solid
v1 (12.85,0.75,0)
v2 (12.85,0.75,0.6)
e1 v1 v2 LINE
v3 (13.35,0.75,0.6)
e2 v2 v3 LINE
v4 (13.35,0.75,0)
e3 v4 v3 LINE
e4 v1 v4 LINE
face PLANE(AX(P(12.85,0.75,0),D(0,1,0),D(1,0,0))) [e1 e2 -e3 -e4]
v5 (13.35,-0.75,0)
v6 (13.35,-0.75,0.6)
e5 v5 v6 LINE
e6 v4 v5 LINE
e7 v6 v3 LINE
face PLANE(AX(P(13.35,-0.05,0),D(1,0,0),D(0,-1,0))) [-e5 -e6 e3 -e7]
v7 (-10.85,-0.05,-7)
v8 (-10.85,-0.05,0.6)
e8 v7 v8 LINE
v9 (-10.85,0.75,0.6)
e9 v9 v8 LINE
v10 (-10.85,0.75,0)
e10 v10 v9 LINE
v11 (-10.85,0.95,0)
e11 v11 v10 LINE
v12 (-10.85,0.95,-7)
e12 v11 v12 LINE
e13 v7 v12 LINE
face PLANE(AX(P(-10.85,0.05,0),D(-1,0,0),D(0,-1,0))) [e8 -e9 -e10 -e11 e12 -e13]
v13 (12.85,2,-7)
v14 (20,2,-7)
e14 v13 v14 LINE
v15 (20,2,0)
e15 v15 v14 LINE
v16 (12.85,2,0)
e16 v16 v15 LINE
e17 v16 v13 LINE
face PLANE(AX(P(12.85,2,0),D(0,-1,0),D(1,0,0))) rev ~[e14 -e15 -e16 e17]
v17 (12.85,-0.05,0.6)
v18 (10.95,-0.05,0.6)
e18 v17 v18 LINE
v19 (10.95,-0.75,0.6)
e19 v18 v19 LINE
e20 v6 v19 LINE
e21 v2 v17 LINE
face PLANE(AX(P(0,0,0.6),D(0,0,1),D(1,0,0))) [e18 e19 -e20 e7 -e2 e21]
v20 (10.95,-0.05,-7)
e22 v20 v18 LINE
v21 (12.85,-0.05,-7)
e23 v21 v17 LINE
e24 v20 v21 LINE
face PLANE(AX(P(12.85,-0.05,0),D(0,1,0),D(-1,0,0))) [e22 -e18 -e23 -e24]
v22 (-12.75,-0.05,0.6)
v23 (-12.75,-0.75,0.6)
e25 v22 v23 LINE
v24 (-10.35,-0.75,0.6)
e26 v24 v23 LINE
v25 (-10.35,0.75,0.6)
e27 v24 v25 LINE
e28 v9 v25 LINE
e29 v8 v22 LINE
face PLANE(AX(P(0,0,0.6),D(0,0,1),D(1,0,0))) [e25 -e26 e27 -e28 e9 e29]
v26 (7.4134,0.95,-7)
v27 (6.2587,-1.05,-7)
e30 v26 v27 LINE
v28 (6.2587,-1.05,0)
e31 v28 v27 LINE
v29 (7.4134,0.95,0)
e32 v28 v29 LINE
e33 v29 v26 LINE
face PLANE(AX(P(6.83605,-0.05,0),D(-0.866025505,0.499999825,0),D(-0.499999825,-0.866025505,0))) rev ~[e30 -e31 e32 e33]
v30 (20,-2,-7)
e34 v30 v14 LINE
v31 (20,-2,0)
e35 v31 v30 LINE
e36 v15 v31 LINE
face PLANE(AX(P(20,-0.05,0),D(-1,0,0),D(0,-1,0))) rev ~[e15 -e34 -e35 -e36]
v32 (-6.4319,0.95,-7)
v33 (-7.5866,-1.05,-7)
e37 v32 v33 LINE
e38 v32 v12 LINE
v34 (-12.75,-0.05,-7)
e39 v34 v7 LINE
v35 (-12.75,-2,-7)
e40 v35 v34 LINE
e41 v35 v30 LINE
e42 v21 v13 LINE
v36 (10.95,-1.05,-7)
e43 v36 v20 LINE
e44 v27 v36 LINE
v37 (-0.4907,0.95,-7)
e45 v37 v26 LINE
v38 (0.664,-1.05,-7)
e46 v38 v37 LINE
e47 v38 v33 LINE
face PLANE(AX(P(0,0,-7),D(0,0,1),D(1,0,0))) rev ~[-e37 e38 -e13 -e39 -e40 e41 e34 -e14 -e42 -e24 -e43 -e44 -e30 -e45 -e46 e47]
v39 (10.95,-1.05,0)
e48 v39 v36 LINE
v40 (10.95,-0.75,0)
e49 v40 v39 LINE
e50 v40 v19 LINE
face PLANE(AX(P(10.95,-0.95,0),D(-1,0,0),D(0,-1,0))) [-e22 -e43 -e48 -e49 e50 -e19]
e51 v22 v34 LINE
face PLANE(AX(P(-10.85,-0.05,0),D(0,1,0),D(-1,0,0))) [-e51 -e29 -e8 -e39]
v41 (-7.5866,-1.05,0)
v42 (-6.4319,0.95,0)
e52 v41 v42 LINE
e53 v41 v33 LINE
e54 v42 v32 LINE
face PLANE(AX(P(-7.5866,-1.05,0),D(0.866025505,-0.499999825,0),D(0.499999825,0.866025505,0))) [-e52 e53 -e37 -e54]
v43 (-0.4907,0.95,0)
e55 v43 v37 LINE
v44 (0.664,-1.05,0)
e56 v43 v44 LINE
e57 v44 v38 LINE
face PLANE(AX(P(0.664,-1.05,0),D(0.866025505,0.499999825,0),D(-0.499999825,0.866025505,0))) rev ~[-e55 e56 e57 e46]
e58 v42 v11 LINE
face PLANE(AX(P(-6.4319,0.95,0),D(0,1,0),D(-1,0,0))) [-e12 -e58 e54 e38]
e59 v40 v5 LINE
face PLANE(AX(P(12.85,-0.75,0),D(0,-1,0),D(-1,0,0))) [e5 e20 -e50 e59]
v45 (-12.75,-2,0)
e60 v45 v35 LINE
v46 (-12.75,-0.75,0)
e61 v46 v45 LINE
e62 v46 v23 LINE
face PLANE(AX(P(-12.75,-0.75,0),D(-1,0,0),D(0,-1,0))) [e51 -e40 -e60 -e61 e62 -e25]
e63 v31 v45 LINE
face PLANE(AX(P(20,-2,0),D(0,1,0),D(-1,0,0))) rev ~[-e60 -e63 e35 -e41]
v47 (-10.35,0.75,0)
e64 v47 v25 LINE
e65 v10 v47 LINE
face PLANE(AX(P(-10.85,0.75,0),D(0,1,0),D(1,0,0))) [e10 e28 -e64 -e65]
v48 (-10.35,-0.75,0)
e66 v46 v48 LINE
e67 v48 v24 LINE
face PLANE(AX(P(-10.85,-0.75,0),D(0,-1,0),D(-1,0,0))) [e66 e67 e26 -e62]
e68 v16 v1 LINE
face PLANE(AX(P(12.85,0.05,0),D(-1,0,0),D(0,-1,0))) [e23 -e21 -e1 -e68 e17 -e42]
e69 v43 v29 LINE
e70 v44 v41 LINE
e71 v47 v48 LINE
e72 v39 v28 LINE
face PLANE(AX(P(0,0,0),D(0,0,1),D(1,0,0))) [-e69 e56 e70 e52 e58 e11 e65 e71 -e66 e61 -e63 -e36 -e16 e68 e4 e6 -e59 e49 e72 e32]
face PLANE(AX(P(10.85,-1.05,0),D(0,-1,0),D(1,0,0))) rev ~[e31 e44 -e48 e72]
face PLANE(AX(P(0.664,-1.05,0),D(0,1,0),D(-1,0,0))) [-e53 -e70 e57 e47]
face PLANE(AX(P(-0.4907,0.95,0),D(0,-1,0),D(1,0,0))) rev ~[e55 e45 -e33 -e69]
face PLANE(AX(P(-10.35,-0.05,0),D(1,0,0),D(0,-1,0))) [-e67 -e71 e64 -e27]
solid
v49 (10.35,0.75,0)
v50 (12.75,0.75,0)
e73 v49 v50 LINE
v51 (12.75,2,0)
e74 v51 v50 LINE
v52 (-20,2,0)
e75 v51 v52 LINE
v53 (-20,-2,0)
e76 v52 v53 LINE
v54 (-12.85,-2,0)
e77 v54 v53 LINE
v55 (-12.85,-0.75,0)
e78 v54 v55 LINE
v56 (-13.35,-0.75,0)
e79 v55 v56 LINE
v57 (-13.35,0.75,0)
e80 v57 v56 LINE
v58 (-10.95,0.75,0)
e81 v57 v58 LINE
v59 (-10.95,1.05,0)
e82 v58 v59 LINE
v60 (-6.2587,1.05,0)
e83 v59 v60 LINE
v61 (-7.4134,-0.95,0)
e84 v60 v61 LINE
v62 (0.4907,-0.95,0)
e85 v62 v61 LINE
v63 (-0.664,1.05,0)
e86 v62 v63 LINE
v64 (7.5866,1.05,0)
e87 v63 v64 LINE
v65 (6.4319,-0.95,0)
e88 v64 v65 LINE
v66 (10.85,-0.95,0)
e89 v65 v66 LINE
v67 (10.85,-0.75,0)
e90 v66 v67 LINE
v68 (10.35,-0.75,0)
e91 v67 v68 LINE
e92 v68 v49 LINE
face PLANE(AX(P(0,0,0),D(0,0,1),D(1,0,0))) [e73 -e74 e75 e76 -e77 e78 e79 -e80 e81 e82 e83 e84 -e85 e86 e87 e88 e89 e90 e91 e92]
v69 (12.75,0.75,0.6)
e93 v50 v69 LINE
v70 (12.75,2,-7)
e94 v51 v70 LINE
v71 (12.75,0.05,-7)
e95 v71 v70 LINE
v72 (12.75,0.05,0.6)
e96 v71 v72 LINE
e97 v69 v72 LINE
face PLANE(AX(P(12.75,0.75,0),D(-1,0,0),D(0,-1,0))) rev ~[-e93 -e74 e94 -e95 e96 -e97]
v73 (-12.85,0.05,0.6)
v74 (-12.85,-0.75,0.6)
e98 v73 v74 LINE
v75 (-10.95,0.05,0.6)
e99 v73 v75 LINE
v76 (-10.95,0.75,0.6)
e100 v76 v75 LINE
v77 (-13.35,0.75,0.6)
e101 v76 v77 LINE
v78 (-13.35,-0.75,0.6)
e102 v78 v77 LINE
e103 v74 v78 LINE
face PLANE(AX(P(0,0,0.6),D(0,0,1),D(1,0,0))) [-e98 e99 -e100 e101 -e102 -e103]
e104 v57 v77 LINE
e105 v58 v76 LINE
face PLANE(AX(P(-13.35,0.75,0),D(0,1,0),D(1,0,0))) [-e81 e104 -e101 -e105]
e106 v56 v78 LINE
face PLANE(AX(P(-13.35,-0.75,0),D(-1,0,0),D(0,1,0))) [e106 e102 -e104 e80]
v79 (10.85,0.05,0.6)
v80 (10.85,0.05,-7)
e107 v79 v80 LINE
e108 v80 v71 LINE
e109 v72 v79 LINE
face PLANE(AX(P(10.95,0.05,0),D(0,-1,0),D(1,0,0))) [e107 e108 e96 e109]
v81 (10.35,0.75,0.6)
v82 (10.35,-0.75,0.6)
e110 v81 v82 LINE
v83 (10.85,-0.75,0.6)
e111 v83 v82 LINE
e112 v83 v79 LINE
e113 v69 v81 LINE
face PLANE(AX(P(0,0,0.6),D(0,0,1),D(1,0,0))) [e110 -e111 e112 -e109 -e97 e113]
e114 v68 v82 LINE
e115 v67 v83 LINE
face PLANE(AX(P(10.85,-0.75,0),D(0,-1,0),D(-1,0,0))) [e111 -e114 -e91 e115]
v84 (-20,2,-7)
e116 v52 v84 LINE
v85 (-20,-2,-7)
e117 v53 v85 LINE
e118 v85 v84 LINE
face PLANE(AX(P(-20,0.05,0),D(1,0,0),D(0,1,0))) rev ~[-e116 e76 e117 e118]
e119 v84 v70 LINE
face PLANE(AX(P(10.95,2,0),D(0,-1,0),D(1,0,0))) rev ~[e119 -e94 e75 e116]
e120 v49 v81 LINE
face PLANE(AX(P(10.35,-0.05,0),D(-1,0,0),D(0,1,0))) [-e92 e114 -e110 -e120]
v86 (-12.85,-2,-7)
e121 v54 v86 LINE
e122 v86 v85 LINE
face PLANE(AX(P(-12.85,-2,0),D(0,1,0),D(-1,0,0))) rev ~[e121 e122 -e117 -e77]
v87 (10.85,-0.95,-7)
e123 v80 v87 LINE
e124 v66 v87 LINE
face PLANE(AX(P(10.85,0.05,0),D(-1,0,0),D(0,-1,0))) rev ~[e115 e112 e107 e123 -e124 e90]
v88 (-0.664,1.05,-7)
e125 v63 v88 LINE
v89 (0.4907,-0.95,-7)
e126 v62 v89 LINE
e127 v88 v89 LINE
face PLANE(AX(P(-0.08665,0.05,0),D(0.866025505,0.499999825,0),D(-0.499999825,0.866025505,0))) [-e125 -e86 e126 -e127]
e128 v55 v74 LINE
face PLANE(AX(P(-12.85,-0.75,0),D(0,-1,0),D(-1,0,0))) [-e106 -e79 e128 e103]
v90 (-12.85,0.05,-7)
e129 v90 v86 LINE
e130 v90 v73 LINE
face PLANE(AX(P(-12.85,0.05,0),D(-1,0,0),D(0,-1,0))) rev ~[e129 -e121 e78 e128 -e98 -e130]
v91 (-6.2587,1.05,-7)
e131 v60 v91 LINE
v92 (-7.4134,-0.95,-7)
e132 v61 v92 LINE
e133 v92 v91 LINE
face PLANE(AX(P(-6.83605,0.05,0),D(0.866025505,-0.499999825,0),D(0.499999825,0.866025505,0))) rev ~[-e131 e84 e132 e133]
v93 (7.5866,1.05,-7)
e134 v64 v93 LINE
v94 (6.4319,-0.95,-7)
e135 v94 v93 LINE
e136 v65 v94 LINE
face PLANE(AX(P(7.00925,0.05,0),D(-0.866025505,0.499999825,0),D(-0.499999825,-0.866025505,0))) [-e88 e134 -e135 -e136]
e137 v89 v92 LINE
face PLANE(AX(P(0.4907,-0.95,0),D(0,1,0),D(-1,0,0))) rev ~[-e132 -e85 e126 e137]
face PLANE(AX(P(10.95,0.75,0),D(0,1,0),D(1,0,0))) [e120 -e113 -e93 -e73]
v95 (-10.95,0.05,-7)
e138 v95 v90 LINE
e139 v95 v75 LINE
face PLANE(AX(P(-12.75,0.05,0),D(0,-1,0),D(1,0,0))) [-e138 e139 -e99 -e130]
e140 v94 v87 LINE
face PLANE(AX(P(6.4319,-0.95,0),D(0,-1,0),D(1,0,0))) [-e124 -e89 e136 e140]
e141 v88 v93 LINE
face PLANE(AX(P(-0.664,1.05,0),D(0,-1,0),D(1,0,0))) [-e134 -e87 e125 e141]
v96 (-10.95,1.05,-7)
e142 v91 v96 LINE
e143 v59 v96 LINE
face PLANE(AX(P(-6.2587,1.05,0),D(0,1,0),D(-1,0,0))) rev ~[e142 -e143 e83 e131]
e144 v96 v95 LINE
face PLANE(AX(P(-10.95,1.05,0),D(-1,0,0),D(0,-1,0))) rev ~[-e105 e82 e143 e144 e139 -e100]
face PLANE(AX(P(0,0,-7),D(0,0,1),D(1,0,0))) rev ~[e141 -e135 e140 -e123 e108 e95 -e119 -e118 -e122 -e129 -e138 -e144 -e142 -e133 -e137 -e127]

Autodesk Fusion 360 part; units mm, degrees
sketch "Sketch1" plane through (0, 0, 0) normal (0, 0, 1) x (1, 0, 0)
  line L0 (20, -2) -> (-20, -2)
  line L1 (-20, -2) -> (-20, 2)
  line L2 (-20, 2) -> (20, 2)
  line L3 (20, 2) -> (20, -2)
  line L4 (20, -2) -> (-20, 2) construction
  line L5 (-20, -2) -> (20, 2) construction
  line L6 (0, 0) -> (0, -2) construction
  line L7 (0, 0) -> (0, 2) construction
  line L8 (-12.45, 2) -> (-12.45, -2) construction
  line L9 (-11.25, 2) -> (-11.25, -2) construction
  line L10 (-12.75, 2) -> (-12.75, -2)
  line L11 (-10.95, 2) -> (-10.95, -2)
  line L12 (-10.85, 2) -> (-10.85, -2)
  line L13 (-12.85, 2) -> (-12.85, -2)
  line L14 (-11.85, 2) -> (-11.85, -2) construction
  line L15 (-20, 0.05) -> (20, 0.05)
  line L16 (20, -0.05) -> (-20, -0.05)
  line L17 (-20, 0) -> (20, 0) construction
  line L18 (0.5774, -1) -> (-0.5774, 1) construction
  line L19 (0.5774, -1) -> (-7.5, -1) construction
  line L20 (-7.5, -1) -> (-6.3453, 1) construction
  line L21 (-6.3453, 1) -> (-10.95, 1) construction
  line L22 (-0.5774, 1) -> (7.5, 1) construction
  line L23 (7.5, 1) -> (6.3453, -1) construction
  line L24 (6.3453, -1) -> (10.95, -1) construction
  line L25 (-3.4613, -1) -> (-3.4613, 1.05) construction
  line L26 (3.4613, 1) -> (3.4613, -1.05) construction
  line L27 (-6.2587, 1.05) -> (-10.95, 1.05)
  line L28 (-7.4134, -0.95) -> (-6.2587, 1.05)
  line L29 (0.4907, -0.95) -> (-7.4134, -0.95)
  line L30 (0.4907, -0.95) -> (-0.664, 1.05)
  line L31 (-0.664, 1.05) -> (7.5866, 1.05)
  line L32 (7.5866, 1.05) -> (6.4319, -0.95)
  line L33 (6.4319, -0.95) -> (10.95, -0.95)
  line L34 (12.85, 2) -> (12.85, -2)
  line L35 (12.75, 2) -> (12.75, -2)
  line L36 (12.45, 2) -> (12.45, -2) construction
  line L37 (11.25, 2) -> (11.25, -2) construction
  line L38 (10.95, 2) -> (10.95, -2)
  line L39 (10.85, 2) -> (10.85, -2)
  line L40 (-6.4319, 0.95) -> (-10.95, 0.95)
  line L41 (-7.5866, -1.05) -> (-6.4319, 0.95)
  line L42 (0.664, -1.05) -> (-7.5866, -1.05)
  line L43 (0.664, -1.05) -> (-0.4907, 0.95)
  line L44 (-0.4907, 0.95) -> (7.4134, 0.95)
  line L45 (7.4134, 0.95) -> (6.2587, -1.05)
  line L46 (6.2587, -1.05) -> (10.95, -1.05)
  line L47 (11.85, 2) -> (11.85, -2) construction
  line L48 (-10.35, -0.75) -> (-13.35, -0.75)
  line L49 (-13.35, -0.75) -> (-13.35, 0.75)
  line L50 (-13.35, 0.75) -> (-10.35, 0.75)
  line L51 (-10.35, 0.75) -> (-10.35, -0.75)
  line L52 (-10.35, -0.75) -> (-13.35, 0.75) construction
  line L53 (-13.35, -0.75) -> (-10.35, 0.75) construction
  line L54 (13.35, -0.75) -> (10.35, -0.75)
  line L55 (10.35, -0.75) -> (10.35, 0.75)
  line L56 (10.35, 0.75) -> (13.35, 0.75)
  line L57 (13.35, 0.75) -> (13.35, -0.75)
  line L58 (13.35, -0.75) -> (10.35, 0.75) construction
  line L59 (10.35, -0.75) -> (13.35, 0.75) construction
  point P0 (-11.85, 0)
  point P1 (11.85, 0)
  dimension "d1" = 4
  dimension "d2" = 40
  dimension "d16" = 0.1
  dimension "d57" = 0.1
  dimension "d60" = 2
  dimension "d61" = 30
  dimension "d62" = 15
  dimension "d63" = 0.05
  dimension "d69" = 1.2
  dimension "d70" = 1.8
  dimension "d73" = 22.5
  dimension "d74" = -0.05
  dimension "d113" = 3
  dimension "d114" = 1.5
sketch "Sketch2" plane through (0, 0, 0) normal (0, 1, 0) x (1, 0, 0)
  line L0 (12.75, -0.3) -> (12.75, 0)
  line L1 (12.75, 0) -> (10.95, 0)
  line L2 (10.95, 0) -> (10.95, -0.3)
  line L3 (11.25, -2.4) -> (12.45, -2.4)
  line L4 (12.45, -2.4) -> (12.45, -1.8)
  line L5 (11.25, -1.8) -> (11.25, -2.4)
  line L6 (11.25, -1.8) -> (11.45, -1.8)
  line L7 (11.45, -1.8) -> (11.45, -0.3)
  line L8 (11.45, -0.3) -> (10.95, -0.3)
  line L9 (12.75, -0.3) -> (12.25, -0.3)
  line L10 (12.25, -0.3) -> (12.25, -1.8)
  line L11 (12.25, -1.8) -> (12.45, -1.8)
  line L12 (11.85, 0) -> (11.85, -2.4) construction
  line L13 (-12.45, -1.8) -> (-12.45, -2.4)
  line L14 (-11.85, 0) -> (-11.85, -2.4) construction
  line L15 (-10.95, 0) -> (-12.75, 0)
  line L16 (-12.45, -2.4) -> (-11.25, -2.4)
  line L17 (-11.45, -1.8) -> (-11.25, -1.8)
  line L18 (-12.75, 0) -> (-12.75, -0.3)
  line L19 (-11.25, -2.4) -> (-11.25, -1.8)
  line L20 (-10.95, -0.3) -> (-11.45, -0.3)
  line L21 (-11.45, -0.3) -> (-11.45, -1.8)
  line L22 (-12.25, -0.3) -> (-12.75, -0.3)
  line L23 (-10.95, -0.3) -> (-10.95, 0)
  line L24 (-12.45, -1.8) -> (-12.25, -1.8)
  line L25 (-12.25, -1.8) -> (-12.25, -0.3)
  line L26 (-24.446, 2) -> (24.446, 2)
  line L27 (25.475, 2.285) -> (29.5145, 4.7087)
  line L28 (30, 7) -> (-30, 7)
  line L29 (-29.5145, 4.7087) -> (-25.475, 2.285)
  line L30 (0, 0) -> (0, 2) construction
  line L31 (0, 2) -> (0, 7) construction
  line L32 (-20, 0) -> (20, 0) construction
  arc A0 (-25.475, 2.285) -> (-24.446, 2) centre (-24.446, 4) ccw
  arc A1 (24.446, 2) -> (25.475, 2.285) centre (24.446, 4) ccw
  line L33 (-30, 5.5662) -> (-30, 7)
  line L34 (30, 7) -> (30, 5.5662)
  arc A2 (-30, 5.5662) -> (-29.5145, 4.7087) centre (-29, 5.5662) ccw
  arc A3 (29.5145, 4.7087) -> (30, 5.5662) centre (29, 5.5662) ccw
  point P0 (-11.85, 0)
  point P1 (11.85, 0)
  point P2 (12.45, 0)
  point P3 (12.75, 0)
  point P4 (-11.25, 0)
  point P5 (-10.95, 0)
  point P6 (-25, 2)
  point P7 (25, 2)
  point P8 (-30, 5)
  dimension "d77" = 0.3
  dimension "d85" = 1.2
  dimension "d87" = 0.6
  dimension "d88" = 0.8
  dimension "d94" = 2.4
  dimension "d123" = 2
  dimension "d124" = 5
  dimension "d127" = 50
  dimension "d128" = 40
  dimension "d129" = 2
  dimension "d132" = 60
  dimension "d136" = 1
  dimension "d139" = 2
extrude "Extrude2" add sketch "Sketch1" against normal up to surface (7 mm away) contours L15 L35 L38 L56 | L16 L39 L54 L55 | L16 L32 L33 L39 L54 L55 | L2 L35 L38 L56 | L15 L16 L39 L55 | L15 L38 L39 L56 | L2 L38 L39 L56 | L15 L16 L32 L55 | L15 L39 L55 L56 | L2 L12 L15 L27 L28 L30 L31 L32 L39 L55 L56 | L0 L1 L13 L16 L48 L49 | L2 L11 L12 L27 | L13 L16 L48 L49 | L10 L11 L15 L50 | L16 L28 L29 L30 | L15 L16 L28 L30 | L2 L10 L11 L50 | L1 L15 L16 L49 | L13 L15 L16 L49 | L10 L13 L15 L50 | L2 L10 L13 L50 | L1 L2 L13 L15 L49 L50 | L13 L15 L49 L50 makes body 1
extrude "Extrude3" add sketch "Sketch1" along normal blind 0.6 contours L15 L35 L38 L56 | L16 L39 L54 L55 | L15 L16 L39 L55 | L15 L38 L39 L56 | L15 L39 L55 L56 | L13 L16 L48 L49 | L10 L11 L15 L50 | L13 L15 L16 L49 | L10 L13 L15 L50 | L13 L15 L49 L50 bodies 1
extrude "Extrude1" add sketch "Sketch1" against normal up to surface (7 mm away) separate body contours L0 L3 L16 L34 L54 L57 | L0 L34 L35 L54 | L3 L15 L16 L57 | L0 L35 L38 L54 | L16 L34 L35 L54 | L16 L34 L54 L57 | L2 L3 L15 L34 L56 L57 | L15 L16 L34 L57 | L0 L38 L39 L46 | L16 L35 L38 L54 | L15 L34 L56 L57 | L0 L12 L16 L39 L41 L42 L43 L45 L46 L48 L51 | L0 L11 L12 L48 | L0 L10 L11 L48 | L11 L12 L16 L48 | L12 L16 L48 L51 | L10 L11 L16 L48 | L12 L15 L16 L51 | L15 L16 L43 L45 | L12 L15 L50 L51 | L15 L16 L41 L51 | L15 L43 L44 L45 | L12 L15 L40 L41 L50 L51 makes body 2 in component "Join 2"
extrude "Extrude2'" add sketch "Sketch1" along normal up to surface (0.6 mm away) contours L16 L34 L35 L54 | L16 L34 L54 L57 | L15 L16 L34 L57 | L16 L35 L38 L54 | L15 L34 L56 L57 | L11 L12 L16 L48 | L12 L16 L48 L51 | L10 L11 L16 L48 | L12 L15 L16 L51 | L12 L15 L50 L51 bodies 2 in component "Join 2"
component "Join 2" placed x (1, 0, 0) y (0, 1, 0) z (0, 0, 1) at (0, 0, 0)
equation "d1 = d62 / 3.75"
equation "d2 = d1 * 10"
equation "d57 = Tollerance"
equation "d60 = d1 / 2"
equation "d62 = d73 / 1.5"
equation "d69 = d73 / 18.75"
equation "d70 = d69 * 1.5"
equation "d73 = Gauge"
equation "d77 = d85 / 4"
equation "d87 = d85 / 2"
equation "d88 = d85 / 3 * 2"
equation "d94 = d85 * 2"
equation "Gauge = 22.5 mm"
equation "SleeperThickness = 2 mm"
equation "Tollerance = 0.1 mm"
equation "SleeperSpcing = Gauge / 1.5"
equation "d113 = d69 * 2.5"
equation "d114 = d113 / 2"
equation "d115 = Gauge / 37.5"
equation "d123 = SleeperThickness"
equation "d124 = SleeperThickness * 2.5"
equation "d127 = d128 * 1.25"
equation "d129 = d128 / 20"
equation "d132 = d128 * 1.5"
equation "d136 = d129 / 2"
equation "d139 = d124 / 2.5"
